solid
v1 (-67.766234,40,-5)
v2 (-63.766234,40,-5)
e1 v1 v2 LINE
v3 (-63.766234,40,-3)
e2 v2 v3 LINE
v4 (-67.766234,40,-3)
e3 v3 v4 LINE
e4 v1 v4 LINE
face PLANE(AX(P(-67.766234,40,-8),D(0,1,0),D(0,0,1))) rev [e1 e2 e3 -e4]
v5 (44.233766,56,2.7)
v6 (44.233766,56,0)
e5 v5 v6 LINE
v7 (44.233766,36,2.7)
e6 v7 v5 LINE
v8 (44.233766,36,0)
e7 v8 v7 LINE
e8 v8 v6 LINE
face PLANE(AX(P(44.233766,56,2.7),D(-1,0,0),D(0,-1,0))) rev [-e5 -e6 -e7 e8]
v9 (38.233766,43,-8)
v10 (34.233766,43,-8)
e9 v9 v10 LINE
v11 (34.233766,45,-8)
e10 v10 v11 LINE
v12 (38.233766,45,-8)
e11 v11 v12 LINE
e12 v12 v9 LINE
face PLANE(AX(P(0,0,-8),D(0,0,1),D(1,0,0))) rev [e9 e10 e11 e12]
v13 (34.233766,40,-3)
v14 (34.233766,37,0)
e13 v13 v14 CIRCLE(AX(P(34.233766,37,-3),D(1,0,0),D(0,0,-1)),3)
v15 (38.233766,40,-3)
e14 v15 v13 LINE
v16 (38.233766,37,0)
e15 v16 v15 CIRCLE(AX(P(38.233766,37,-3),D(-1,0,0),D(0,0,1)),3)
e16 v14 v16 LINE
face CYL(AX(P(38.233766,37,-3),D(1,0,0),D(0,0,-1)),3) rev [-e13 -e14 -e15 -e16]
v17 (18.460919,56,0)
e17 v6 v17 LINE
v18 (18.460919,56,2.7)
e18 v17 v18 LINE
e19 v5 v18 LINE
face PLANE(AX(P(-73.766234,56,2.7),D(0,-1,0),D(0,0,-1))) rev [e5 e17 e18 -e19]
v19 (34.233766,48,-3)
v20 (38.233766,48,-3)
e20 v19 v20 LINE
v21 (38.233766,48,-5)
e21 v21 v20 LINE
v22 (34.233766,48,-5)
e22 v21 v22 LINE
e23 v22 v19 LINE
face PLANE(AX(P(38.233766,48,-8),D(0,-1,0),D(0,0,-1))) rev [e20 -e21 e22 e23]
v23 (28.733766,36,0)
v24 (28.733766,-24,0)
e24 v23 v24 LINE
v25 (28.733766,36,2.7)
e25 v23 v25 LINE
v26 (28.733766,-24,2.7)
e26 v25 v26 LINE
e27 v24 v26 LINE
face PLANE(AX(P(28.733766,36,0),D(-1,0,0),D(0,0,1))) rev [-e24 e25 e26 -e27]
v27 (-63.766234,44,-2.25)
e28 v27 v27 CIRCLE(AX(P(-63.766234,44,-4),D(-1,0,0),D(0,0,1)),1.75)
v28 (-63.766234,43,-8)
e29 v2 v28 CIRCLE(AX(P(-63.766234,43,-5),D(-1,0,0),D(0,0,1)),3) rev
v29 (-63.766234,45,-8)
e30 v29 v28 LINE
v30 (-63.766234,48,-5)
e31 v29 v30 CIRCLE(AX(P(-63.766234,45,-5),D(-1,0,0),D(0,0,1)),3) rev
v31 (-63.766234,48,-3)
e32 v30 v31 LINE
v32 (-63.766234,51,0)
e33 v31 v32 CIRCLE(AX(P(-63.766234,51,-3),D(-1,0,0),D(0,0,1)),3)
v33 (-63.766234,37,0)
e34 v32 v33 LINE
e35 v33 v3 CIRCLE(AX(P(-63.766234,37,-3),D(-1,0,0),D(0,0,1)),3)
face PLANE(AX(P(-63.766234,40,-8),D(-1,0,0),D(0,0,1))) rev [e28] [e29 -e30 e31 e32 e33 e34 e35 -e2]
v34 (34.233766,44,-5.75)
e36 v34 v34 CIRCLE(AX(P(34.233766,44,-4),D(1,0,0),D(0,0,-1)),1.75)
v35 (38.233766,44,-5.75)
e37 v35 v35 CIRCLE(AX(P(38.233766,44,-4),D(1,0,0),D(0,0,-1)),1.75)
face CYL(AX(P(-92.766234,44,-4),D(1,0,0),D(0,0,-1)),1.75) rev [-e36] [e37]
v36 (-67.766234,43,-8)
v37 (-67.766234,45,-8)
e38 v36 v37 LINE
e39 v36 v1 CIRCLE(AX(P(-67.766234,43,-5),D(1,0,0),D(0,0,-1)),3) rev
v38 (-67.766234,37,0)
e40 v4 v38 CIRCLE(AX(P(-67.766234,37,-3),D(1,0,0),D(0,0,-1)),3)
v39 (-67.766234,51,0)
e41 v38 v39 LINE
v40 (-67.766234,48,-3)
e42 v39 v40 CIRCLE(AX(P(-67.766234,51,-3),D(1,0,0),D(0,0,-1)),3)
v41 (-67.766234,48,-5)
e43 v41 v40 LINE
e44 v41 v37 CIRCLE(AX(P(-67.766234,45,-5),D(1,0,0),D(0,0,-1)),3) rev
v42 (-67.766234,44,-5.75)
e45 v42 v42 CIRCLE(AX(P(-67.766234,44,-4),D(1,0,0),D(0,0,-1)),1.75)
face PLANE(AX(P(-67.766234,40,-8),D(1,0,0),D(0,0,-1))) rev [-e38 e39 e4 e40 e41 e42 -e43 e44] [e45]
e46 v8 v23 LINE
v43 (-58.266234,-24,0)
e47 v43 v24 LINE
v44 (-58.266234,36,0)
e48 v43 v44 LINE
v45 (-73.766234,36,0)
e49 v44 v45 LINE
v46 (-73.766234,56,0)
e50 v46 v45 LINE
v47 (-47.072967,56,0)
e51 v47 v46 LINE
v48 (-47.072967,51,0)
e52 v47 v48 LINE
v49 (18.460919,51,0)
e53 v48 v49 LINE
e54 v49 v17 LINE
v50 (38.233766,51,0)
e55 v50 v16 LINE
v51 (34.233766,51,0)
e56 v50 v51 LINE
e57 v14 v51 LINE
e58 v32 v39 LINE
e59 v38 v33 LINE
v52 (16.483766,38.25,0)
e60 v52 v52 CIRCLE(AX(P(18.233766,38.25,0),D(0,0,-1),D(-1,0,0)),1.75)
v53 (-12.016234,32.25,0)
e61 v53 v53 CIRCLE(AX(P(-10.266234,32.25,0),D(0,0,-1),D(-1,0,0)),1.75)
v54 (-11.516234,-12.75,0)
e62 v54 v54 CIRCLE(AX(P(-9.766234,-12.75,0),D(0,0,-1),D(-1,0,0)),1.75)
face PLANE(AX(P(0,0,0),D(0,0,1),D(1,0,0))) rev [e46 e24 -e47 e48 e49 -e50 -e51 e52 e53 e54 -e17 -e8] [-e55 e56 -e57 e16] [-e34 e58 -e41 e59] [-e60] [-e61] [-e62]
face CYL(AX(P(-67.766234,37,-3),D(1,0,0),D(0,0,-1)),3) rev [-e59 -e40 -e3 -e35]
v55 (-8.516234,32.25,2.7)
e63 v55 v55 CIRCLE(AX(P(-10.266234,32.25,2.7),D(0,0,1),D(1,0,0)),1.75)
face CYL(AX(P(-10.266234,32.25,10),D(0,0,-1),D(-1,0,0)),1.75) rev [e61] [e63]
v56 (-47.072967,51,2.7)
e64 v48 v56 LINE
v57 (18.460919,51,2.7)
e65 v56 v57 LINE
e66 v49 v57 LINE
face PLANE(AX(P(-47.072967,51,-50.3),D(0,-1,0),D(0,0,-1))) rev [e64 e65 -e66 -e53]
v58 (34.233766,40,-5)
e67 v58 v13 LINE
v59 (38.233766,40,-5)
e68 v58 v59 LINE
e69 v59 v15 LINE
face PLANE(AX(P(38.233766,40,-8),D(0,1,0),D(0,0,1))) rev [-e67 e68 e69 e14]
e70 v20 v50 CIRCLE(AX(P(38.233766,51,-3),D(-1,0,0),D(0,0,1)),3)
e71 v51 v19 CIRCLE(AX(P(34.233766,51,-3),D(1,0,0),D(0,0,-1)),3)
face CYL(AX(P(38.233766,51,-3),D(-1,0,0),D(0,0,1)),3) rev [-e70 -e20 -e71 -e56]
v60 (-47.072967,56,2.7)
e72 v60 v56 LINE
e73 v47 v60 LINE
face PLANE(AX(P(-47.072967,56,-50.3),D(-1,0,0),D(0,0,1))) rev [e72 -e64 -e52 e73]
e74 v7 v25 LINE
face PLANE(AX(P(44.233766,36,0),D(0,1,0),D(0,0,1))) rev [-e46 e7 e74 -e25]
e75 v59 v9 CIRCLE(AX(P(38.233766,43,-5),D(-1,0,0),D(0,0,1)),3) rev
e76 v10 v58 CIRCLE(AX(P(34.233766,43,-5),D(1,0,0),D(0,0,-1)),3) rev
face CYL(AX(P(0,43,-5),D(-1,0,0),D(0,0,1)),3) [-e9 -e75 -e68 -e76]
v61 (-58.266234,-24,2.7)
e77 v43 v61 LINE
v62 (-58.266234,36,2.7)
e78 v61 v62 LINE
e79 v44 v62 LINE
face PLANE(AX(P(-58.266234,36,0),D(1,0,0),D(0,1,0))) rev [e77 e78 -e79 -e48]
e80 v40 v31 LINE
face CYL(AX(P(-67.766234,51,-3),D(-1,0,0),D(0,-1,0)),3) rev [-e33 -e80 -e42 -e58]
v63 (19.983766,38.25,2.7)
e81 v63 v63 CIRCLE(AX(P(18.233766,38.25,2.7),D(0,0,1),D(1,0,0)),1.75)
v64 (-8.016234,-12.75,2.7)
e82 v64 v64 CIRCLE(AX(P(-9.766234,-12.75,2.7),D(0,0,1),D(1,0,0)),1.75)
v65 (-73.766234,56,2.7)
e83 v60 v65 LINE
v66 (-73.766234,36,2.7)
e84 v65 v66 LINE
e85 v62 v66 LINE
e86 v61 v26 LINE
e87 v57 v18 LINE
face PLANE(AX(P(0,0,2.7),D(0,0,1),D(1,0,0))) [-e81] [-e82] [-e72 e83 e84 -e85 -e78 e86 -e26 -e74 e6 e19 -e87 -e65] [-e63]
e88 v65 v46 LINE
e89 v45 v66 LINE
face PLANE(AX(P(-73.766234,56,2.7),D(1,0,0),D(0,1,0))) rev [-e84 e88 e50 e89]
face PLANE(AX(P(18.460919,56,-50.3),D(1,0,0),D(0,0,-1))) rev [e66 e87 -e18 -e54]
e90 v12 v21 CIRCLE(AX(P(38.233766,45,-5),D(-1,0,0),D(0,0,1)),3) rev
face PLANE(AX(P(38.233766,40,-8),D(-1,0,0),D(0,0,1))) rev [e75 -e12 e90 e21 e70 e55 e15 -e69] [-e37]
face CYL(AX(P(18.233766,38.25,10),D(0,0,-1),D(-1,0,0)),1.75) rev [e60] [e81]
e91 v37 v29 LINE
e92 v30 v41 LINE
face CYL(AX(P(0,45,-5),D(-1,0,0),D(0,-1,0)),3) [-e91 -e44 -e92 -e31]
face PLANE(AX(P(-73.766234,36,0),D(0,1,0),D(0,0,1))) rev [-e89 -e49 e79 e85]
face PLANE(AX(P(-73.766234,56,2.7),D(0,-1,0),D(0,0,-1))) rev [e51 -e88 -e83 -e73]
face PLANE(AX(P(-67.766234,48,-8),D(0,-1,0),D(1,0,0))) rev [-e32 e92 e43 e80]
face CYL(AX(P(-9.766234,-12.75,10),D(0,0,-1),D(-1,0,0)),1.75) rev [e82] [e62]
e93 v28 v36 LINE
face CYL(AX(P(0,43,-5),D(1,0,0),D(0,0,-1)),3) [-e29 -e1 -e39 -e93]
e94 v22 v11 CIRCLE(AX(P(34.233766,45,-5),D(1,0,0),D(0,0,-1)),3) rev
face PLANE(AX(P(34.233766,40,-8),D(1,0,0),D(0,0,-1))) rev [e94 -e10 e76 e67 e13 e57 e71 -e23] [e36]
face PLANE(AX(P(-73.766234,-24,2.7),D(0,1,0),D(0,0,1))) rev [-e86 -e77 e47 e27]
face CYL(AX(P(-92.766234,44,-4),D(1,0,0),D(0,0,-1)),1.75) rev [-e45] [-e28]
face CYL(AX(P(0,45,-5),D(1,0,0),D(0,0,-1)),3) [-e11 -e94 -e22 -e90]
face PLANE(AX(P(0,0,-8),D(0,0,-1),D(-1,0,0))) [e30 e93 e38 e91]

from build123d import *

# Parameters (mm, degrees)
SKETCH1_W           = 118
SKETCH1_H           = 80
BOSS_EXTRUDE1_DEPTH = 2.7
SKETCH3_W           = 5.5
SKETCH3_H           = 60
CUT_EXTRUDE1_DEPTH  = 2.7
SKETCH4_W           = 10
SKETCH4_H           = 60
CUT_EXTRUDE2_DEPTH  = 2.7
SKETCH7_W           = 4
SKETCH7_H           = 8
BOSS_EXTRUDE5_DEPTH = 8
SKETCH8_R           = 1.75
CUT_EXTRUDE4_DEPTH  = 131
FILLET1_R           = 3
SKETCH9_W           = 65.533885403
SKETCH9_H           = 5
CUT_EXTRUDE5_DEPTH  = 53
SKETCH10_R          = 1.75
CUT_EXTRUDE6_DEPTH  = 10


with BuildPart() as part:
    # Sketch1 → Boss-Extrude1 (new body)
    with BuildSketch(Plane.XY):
        with Locations((-14.766233766, 16)):
            Rectangle(SKETCH1_W, SKETCH1_H)
    extrude(amount=BOSS_EXTRUDE1_DEPTH)

    # Sketch3 → Cut-Extrude1 (cut)
    with BuildSketch(Plane.XY.offset(2.7)):
        with Locations((-71.016233766, 6)):
            Rectangle(SKETCH3_W, SKETCH3_H)
        with Locations((41.483766234, 6)):
            Rectangle(SKETCH3_W, SKETCH3_H)
    extrude(amount=-CUT_EXTRUDE1_DEPTH, mode=Mode.SUBTRACT)

    # Sketch4 → Cut-Extrude2 (cut)
    with BuildSketch(Plane.XY.offset(2.7)):
        with Locations((-63.266233766, 6)):
            Rectangle(SKETCH4_W, SKETCH4_H)
        with Locations((33.733766234, 6)):
            Rectangle(SKETCH4_W, SKETCH4_H)
    extrude(amount=-CUT_EXTRUDE2_DEPTH, mode=Mode.SUBTRACT)

    # Sketch7 → Boss-Extrude5 (add)
    with BuildSketch(Plane(origin=(0, 0, 0), x_dir=(-1, 0, 0), z_dir=(0, 0, -1))):
        with Locations((65.766233766, 44)):
            Rectangle(SKETCH7_W, SKETCH7_H)
        with Locations((-36.233766234, 44)):
            Rectangle(SKETCH7_W, SKETCH7_H)
    extrude(amount=BOSS_EXTRUDE5_DEPTH)

    # Sketch8 → Cut-Extrude4 (cut)
    with BuildSketch(Plane(origin=(38.233766234, 0, 0), x_dir=(0, 0, -1), z_dir=(1, 0, 0))):
        with Locations((4, 44)):
            Circle(SKETCH8_R)
    extrude(amount=-CUT_EXTRUDE4_DEPTH, mode=Mode.SUBTRACT)

    # Fillet1
    fillet1_edges = [part.edges().sort_by_distance(p)[0] for p in [
        (-65.766233766, 48, 0),
        (-65.766233766, 40, 0),
        (-65.766233766, 48, -8),
        (-65.766233766, 40, -8),
        (36.233766234, 40, 0),
        (36.233766234, 48, 0),
        (36.233766234, 40, -8),
        (36.233766234, 48, -8),
    ]]
    fillet(fillet1_edges, radius=FILLET1_R)

    # Sketch9 → Cut-Extrude5 (cut)
    with BuildSketch(Plane.XY.offset(2.7)):
        with Locations((-14.306023896, 53.5)):
            Rectangle(SKETCH9_W, SKETCH9_H)
    extrude(amount=-CUT_EXTRUDE5_DEPTH, mode=Mode.SUBTRACT)

    # Sketch10 → Cut-Extrude6 (cut)
    with BuildSketch(Plane(origin=(0, 0, 0), x_dir=(-1, 0, 0), z_dir=(0, 0, -1))):
        with Locations((9.766233766, -12.75)):
            Circle(SKETCH10_R)
        with Locations((10.266233766, 32.25)):
            Circle(SKETCH10_R)
        with Locations((-18.233766234, 38.25)):
            Circle(SKETCH10_R)
    extrude(amount=-CUT_EXTRUDE6_DEPTH, mode=Mode.SUBTRACT)


solid = part.part
